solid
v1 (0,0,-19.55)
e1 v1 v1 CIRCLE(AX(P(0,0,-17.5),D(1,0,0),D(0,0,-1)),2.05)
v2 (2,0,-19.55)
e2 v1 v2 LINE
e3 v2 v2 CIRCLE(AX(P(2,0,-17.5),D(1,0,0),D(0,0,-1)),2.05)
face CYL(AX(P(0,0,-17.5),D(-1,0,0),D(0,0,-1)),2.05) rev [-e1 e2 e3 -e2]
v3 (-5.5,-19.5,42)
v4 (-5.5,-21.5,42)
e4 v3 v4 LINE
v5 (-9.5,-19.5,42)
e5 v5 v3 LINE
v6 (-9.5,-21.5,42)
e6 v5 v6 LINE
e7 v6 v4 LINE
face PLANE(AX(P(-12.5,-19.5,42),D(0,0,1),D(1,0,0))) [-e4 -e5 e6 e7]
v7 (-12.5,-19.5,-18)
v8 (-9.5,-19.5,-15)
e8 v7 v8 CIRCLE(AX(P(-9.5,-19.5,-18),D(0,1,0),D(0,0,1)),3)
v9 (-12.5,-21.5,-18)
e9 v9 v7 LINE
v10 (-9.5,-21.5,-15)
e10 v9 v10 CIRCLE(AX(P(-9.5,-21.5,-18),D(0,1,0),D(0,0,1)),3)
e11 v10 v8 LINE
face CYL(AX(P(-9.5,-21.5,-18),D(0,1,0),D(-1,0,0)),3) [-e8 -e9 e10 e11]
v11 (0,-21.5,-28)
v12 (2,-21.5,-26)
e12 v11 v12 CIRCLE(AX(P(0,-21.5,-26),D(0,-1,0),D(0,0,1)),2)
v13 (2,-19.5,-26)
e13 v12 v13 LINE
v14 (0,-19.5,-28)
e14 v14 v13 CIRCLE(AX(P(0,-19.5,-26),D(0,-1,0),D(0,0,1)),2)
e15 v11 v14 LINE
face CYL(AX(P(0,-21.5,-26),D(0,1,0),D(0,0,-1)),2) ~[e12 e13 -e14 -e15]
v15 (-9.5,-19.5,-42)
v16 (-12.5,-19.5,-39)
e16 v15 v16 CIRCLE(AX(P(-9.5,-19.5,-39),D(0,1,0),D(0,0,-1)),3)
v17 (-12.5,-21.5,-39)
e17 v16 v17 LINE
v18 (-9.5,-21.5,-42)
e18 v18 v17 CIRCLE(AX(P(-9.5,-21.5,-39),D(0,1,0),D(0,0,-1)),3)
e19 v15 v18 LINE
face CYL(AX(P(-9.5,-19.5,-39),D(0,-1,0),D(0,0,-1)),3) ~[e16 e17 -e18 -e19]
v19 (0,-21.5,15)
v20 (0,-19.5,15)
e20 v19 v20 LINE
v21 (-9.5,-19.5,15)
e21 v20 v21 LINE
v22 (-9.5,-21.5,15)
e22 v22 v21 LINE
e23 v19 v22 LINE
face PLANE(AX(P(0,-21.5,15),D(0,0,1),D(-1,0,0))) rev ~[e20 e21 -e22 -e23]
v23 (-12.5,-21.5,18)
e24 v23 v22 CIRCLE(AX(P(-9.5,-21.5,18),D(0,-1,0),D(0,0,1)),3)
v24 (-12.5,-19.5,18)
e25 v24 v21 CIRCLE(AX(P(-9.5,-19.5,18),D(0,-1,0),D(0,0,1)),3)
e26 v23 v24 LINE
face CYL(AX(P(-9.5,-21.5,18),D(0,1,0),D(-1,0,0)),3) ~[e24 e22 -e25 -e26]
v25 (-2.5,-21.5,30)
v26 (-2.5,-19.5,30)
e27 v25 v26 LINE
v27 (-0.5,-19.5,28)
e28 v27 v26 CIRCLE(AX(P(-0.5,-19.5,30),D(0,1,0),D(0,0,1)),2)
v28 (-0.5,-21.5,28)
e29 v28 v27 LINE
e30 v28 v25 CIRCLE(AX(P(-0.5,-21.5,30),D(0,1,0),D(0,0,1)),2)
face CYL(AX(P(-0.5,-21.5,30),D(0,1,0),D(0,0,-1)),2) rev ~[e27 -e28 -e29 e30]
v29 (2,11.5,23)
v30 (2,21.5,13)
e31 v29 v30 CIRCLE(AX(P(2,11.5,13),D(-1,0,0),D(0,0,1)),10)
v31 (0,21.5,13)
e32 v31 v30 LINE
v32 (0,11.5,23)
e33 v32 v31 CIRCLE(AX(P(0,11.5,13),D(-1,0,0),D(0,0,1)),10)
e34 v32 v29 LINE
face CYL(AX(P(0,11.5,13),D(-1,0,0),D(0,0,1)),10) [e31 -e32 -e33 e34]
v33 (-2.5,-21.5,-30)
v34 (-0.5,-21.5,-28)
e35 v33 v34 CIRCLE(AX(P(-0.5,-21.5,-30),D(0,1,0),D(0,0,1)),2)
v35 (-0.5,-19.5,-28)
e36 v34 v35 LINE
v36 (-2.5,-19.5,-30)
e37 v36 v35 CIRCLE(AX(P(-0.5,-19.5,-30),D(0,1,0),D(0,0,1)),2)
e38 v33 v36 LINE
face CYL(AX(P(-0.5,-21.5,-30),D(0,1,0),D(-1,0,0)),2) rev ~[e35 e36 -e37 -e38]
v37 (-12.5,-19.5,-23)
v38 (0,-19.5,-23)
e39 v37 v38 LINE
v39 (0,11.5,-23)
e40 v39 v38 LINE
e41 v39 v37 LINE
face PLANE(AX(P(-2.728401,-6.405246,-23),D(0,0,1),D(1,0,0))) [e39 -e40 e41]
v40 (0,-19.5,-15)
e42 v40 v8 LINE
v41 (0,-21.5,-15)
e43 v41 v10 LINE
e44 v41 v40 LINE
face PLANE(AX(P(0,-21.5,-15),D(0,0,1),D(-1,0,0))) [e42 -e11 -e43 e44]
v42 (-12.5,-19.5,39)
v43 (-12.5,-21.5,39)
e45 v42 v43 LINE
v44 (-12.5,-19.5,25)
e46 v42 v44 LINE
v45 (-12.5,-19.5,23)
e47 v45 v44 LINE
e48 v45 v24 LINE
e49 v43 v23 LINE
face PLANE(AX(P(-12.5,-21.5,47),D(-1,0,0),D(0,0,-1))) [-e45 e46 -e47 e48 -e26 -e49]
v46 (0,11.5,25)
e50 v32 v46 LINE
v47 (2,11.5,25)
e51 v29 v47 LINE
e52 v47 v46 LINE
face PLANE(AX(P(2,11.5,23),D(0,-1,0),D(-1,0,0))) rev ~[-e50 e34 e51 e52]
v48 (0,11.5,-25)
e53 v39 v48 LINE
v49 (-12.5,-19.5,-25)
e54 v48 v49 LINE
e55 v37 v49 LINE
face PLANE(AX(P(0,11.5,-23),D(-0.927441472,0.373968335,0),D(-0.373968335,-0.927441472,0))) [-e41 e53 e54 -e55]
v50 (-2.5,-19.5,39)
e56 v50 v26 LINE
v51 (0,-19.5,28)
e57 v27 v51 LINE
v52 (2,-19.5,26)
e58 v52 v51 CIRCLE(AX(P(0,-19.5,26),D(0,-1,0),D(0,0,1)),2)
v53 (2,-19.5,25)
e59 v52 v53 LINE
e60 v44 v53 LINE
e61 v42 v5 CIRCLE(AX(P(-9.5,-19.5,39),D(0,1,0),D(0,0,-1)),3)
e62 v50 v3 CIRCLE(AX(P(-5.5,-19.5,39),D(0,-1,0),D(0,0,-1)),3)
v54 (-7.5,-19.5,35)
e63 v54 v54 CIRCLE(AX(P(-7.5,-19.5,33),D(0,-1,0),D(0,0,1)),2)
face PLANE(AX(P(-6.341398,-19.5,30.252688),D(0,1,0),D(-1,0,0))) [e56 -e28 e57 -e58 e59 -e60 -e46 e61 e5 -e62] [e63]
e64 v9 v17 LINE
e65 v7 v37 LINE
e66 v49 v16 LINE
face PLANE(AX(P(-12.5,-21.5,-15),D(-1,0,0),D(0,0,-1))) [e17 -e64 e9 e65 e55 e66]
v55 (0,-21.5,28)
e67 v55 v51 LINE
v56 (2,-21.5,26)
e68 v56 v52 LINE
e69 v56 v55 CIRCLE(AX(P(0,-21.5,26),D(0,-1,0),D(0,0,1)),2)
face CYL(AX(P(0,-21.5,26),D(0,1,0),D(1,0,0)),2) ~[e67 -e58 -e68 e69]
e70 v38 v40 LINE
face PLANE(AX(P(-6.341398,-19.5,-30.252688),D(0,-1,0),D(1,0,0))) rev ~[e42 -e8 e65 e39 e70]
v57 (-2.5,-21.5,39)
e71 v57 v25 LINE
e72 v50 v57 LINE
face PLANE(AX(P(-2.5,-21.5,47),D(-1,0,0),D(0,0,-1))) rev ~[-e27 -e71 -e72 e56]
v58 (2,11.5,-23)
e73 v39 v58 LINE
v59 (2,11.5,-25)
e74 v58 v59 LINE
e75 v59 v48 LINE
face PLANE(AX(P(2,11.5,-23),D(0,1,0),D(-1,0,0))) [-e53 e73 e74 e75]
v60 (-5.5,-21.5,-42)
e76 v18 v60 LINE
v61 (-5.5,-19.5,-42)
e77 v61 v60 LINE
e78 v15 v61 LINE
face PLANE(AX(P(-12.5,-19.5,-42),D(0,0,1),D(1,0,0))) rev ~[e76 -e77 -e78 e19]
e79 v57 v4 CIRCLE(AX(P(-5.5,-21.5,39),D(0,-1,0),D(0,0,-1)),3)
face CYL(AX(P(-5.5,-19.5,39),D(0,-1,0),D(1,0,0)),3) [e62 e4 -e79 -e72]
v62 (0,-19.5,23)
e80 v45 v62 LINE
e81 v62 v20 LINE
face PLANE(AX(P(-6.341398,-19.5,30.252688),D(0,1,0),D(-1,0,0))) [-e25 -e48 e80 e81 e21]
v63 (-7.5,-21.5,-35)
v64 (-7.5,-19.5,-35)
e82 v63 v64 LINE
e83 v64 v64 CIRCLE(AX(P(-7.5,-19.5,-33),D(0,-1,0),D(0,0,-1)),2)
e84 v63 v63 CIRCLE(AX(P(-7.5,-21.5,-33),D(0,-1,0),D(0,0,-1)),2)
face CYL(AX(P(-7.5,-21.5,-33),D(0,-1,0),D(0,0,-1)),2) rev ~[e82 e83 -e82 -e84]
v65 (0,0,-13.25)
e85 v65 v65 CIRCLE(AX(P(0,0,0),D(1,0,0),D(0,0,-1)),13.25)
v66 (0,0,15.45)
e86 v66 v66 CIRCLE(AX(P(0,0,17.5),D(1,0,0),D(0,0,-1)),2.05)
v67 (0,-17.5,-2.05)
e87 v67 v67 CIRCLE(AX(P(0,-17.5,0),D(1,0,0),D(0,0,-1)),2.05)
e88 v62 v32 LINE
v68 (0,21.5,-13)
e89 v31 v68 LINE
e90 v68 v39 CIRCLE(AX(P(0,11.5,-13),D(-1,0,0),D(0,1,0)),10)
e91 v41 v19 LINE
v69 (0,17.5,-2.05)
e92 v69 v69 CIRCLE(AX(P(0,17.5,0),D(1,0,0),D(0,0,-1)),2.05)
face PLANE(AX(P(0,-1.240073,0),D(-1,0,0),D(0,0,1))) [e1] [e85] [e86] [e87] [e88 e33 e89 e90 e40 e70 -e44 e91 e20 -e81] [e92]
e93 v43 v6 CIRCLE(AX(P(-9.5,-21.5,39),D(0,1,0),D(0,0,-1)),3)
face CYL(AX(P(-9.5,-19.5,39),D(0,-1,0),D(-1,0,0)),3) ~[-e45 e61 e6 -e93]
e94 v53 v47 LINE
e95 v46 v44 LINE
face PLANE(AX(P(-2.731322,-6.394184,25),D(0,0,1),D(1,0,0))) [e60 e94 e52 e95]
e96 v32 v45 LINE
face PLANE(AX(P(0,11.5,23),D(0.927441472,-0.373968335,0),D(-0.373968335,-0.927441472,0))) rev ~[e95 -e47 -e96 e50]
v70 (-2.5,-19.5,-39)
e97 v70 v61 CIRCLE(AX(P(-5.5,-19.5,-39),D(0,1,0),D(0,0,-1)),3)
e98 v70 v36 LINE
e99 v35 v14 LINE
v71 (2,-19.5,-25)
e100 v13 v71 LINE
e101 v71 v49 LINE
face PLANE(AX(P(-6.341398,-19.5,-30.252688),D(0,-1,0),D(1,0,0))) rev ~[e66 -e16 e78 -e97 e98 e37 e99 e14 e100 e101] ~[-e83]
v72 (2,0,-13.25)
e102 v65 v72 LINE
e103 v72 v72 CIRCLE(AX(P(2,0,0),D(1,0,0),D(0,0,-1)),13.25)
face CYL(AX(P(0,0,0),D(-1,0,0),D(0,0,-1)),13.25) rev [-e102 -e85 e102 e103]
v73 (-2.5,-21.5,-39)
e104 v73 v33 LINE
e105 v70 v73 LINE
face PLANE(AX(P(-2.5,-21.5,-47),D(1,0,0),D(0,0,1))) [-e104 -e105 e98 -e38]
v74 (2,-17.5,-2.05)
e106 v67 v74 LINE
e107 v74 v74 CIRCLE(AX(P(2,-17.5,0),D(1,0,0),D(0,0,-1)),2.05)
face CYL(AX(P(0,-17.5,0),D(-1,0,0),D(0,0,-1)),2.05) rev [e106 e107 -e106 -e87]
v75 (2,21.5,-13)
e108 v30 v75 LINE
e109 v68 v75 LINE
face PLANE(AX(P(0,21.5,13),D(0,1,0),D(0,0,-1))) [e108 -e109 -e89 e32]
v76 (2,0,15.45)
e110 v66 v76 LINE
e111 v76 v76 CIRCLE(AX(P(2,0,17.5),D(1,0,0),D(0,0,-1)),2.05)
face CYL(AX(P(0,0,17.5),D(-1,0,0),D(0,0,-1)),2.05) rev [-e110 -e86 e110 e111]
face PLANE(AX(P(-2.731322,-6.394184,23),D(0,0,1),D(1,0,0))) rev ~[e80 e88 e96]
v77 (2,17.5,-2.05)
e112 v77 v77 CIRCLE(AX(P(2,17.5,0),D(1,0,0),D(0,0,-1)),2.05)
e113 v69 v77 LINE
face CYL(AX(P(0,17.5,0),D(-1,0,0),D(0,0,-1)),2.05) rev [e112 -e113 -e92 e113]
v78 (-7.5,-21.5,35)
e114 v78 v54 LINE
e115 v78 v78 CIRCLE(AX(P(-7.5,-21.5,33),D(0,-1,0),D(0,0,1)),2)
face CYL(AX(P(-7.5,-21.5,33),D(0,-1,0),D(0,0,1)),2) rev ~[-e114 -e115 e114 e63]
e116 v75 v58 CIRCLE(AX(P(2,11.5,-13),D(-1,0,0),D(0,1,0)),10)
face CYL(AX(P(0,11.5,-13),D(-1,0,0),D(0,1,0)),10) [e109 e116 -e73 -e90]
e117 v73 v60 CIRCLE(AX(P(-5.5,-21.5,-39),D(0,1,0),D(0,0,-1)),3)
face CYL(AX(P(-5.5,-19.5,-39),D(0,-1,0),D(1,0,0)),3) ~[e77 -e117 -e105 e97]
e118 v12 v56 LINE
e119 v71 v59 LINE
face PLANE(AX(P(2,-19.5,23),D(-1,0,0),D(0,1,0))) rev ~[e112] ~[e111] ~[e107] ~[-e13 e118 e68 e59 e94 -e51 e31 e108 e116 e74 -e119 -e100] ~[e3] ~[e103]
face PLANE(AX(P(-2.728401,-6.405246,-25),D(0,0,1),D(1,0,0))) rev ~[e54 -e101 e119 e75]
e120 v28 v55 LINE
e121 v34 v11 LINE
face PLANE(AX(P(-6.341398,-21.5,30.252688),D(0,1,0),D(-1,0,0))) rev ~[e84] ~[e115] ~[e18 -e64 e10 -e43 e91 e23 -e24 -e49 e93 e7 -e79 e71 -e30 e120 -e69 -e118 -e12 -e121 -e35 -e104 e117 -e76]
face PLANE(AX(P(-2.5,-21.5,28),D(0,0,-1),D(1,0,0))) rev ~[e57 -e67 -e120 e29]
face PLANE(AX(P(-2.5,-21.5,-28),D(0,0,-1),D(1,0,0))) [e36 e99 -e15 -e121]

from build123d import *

# Parameters (mm, degrees)
SKETCH1_R           = 13.25
SKETCH1_R_2         = 2.05
BOSS_EXTRUDE1_DEPTH = 2
SKETCH2_R           = 2
BOSS_EXTRUDE2_DEPTH = 2
BOSS_EXTRUDE3_DEPTH = 2
BOSS_EXTRUDE4_DEPTH = 2
SKETCH6_W           = 10
SKETCH6_H           = 5
CUT_EXTRUDE2_DEPTH  = 2
FILLET1_R           = 3
FILLET_1_R          = 2
FILLET_2_R          = 3


with BuildPart() as part:
    # Sketch1 → Boss-Extrude1 (new body)
    with BuildSketch(Plane(origin=(0, 0, 0), x_dir=(0, 0, -1), z_dir=(1, 0, 0))):
        with BuildLine():
            Line((-13, 21.5), (13, 21.5))
            ThreePointArc((13, 21.5), (20.071067812, 18.571067812), (23, 11.5))
            Line((23, 11.5), (23, -21.5))
            Line((23, -21.5), (-23, -21.5))
            Line((-23, -21.5), (-23, 11.5))
            ThreePointArc((-23, 11.5), (-20.071067812, 18.571067812), (-13, 21.5))
        make_face()
        Circle(SKETCH1_R, mode=Mode.SUBTRACT)
        with Locations((0, 17.5)):
            Circle(SKETCH1_R_2, mode=Mode.SUBTRACT)
        with Locations((17.5, 0)):
            Circle(SKETCH1_R_2, mode=Mode.SUBTRACT)
        with Locations((0, -17.5)):
            Circle(SKETCH1_R_2, mode=Mode.SUBTRACT)
        with Locations((-17.5, 0)):
            Circle(SKETCH1_R_2, mode=Mode.SUBTRACT)
    extrude(amount=BOSS_EXTRUDE1_DEPTH)

    # Sketch2 → Boss-Extrude2 (add)
    # profile 1 of 2: a face of its own
    with BuildSketch(Plane.XZ.offset(21.5)):
        Polygon((-12.5, 23), (-12.5, 47), (-2.5, 47), (-2.5, 28), (2, 28), (2, 23), (0, 23), (0, 15), (-12.5, 15), align=None)
        with Locations(Location((-7.5, 33, 0), (0, 0, 90))):
            Circle(SKETCH2_R, mode=Mode.SUBTRACT)
    # profile 2 of 2: a face of its own
    with BuildSketch(Plane.XZ.offset(21.5)):
        Polygon((2, -23), (0, -23), (0, -15), (-12.5, -15), (-12.5, -23), (-12.5, -47), (-2.5, -47), (-2.5, -28), (2, -28), align=None)
        with Locations(Location((-7.5, -33, 0), (0, 0, 270))):
            Circle(SKETCH2_R, mode=Mode.SUBTRACT)
    extrude(amount=-BOSS_EXTRUDE2_DEPTH)

    # Sketch3 → Boss-Extrude3 (add)
    with BuildSketch(Plane(origin=(0, 0, -23), x_dir=(-1, 0, 0), z_dir=(0, 0, -1))):
        Polygon((-2, 11.5), (0, 11.5), (12.5, -19.5), (7.5, -19.5), (-2, -19.55), align=None)
    extrude(amount=BOSS_EXTRUDE3_DEPTH)

    # Sketch4 → Boss-Extrude4 (add)
    with BuildSketch(Plane.XY.offset(23)):
        Polygon((2, 11.5), (0, 11.5), (-12.5, -19.5), (2, -19.5), align=None)
    extrude(amount=BOSS_EXTRUDE4_DEPTH)

    # Sketch6 → Cut-Extrude2 (cut)
    with BuildSketch(Plane(origin=(0, -19.5, 0), x_dir=(1, 0, 0), z_dir=(0, 1, 0))):
        with Locations((-7.5, 44.5)):
            Rectangle(SKETCH6_W, SKETCH6_H)
        with Locations((-7.5, -44.5)):
            Rectangle(SKETCH6_W, SKETCH6_H)
    extrude(amount=-CUT_EXTRUDE2_DEPTH, mode=Mode.SUBTRACT)

    # Fillet1
    fillet1_edges = [part.edges().sort_by_distance(p)[0] for p in [
        (-2.5, -20.5, -42),
        (-12.5, -20.5, -42),
        (-12.5, -20.5, 42),
        (-2.5, -20.5, 42),
    ]]
    fillet(fillet1_edges, radius=FILLET1_R)

    # 圆角1
    fillet_1_edges = [part.edges().sort_by_distance(p)[0] for p in [
        (2, -20.5, -28),
        (-2.5, -20.5, -28),
        (-2.5, -20.5, 28),
        (2, -20.5, 28),
    ]]
    fillet(fillet_1_edges, radius=FILLET_1_R)

    # 圆角2
    fillet_2_edges = [part.edges().sort_by_distance(p)[0] for p in [
        (-12.5, -20.5, -15),
        (-12.5, -20.5, 15),
    ]]
    fillet(fillet_2_edges, radius=FILLET_2_R)


solid = part.part
